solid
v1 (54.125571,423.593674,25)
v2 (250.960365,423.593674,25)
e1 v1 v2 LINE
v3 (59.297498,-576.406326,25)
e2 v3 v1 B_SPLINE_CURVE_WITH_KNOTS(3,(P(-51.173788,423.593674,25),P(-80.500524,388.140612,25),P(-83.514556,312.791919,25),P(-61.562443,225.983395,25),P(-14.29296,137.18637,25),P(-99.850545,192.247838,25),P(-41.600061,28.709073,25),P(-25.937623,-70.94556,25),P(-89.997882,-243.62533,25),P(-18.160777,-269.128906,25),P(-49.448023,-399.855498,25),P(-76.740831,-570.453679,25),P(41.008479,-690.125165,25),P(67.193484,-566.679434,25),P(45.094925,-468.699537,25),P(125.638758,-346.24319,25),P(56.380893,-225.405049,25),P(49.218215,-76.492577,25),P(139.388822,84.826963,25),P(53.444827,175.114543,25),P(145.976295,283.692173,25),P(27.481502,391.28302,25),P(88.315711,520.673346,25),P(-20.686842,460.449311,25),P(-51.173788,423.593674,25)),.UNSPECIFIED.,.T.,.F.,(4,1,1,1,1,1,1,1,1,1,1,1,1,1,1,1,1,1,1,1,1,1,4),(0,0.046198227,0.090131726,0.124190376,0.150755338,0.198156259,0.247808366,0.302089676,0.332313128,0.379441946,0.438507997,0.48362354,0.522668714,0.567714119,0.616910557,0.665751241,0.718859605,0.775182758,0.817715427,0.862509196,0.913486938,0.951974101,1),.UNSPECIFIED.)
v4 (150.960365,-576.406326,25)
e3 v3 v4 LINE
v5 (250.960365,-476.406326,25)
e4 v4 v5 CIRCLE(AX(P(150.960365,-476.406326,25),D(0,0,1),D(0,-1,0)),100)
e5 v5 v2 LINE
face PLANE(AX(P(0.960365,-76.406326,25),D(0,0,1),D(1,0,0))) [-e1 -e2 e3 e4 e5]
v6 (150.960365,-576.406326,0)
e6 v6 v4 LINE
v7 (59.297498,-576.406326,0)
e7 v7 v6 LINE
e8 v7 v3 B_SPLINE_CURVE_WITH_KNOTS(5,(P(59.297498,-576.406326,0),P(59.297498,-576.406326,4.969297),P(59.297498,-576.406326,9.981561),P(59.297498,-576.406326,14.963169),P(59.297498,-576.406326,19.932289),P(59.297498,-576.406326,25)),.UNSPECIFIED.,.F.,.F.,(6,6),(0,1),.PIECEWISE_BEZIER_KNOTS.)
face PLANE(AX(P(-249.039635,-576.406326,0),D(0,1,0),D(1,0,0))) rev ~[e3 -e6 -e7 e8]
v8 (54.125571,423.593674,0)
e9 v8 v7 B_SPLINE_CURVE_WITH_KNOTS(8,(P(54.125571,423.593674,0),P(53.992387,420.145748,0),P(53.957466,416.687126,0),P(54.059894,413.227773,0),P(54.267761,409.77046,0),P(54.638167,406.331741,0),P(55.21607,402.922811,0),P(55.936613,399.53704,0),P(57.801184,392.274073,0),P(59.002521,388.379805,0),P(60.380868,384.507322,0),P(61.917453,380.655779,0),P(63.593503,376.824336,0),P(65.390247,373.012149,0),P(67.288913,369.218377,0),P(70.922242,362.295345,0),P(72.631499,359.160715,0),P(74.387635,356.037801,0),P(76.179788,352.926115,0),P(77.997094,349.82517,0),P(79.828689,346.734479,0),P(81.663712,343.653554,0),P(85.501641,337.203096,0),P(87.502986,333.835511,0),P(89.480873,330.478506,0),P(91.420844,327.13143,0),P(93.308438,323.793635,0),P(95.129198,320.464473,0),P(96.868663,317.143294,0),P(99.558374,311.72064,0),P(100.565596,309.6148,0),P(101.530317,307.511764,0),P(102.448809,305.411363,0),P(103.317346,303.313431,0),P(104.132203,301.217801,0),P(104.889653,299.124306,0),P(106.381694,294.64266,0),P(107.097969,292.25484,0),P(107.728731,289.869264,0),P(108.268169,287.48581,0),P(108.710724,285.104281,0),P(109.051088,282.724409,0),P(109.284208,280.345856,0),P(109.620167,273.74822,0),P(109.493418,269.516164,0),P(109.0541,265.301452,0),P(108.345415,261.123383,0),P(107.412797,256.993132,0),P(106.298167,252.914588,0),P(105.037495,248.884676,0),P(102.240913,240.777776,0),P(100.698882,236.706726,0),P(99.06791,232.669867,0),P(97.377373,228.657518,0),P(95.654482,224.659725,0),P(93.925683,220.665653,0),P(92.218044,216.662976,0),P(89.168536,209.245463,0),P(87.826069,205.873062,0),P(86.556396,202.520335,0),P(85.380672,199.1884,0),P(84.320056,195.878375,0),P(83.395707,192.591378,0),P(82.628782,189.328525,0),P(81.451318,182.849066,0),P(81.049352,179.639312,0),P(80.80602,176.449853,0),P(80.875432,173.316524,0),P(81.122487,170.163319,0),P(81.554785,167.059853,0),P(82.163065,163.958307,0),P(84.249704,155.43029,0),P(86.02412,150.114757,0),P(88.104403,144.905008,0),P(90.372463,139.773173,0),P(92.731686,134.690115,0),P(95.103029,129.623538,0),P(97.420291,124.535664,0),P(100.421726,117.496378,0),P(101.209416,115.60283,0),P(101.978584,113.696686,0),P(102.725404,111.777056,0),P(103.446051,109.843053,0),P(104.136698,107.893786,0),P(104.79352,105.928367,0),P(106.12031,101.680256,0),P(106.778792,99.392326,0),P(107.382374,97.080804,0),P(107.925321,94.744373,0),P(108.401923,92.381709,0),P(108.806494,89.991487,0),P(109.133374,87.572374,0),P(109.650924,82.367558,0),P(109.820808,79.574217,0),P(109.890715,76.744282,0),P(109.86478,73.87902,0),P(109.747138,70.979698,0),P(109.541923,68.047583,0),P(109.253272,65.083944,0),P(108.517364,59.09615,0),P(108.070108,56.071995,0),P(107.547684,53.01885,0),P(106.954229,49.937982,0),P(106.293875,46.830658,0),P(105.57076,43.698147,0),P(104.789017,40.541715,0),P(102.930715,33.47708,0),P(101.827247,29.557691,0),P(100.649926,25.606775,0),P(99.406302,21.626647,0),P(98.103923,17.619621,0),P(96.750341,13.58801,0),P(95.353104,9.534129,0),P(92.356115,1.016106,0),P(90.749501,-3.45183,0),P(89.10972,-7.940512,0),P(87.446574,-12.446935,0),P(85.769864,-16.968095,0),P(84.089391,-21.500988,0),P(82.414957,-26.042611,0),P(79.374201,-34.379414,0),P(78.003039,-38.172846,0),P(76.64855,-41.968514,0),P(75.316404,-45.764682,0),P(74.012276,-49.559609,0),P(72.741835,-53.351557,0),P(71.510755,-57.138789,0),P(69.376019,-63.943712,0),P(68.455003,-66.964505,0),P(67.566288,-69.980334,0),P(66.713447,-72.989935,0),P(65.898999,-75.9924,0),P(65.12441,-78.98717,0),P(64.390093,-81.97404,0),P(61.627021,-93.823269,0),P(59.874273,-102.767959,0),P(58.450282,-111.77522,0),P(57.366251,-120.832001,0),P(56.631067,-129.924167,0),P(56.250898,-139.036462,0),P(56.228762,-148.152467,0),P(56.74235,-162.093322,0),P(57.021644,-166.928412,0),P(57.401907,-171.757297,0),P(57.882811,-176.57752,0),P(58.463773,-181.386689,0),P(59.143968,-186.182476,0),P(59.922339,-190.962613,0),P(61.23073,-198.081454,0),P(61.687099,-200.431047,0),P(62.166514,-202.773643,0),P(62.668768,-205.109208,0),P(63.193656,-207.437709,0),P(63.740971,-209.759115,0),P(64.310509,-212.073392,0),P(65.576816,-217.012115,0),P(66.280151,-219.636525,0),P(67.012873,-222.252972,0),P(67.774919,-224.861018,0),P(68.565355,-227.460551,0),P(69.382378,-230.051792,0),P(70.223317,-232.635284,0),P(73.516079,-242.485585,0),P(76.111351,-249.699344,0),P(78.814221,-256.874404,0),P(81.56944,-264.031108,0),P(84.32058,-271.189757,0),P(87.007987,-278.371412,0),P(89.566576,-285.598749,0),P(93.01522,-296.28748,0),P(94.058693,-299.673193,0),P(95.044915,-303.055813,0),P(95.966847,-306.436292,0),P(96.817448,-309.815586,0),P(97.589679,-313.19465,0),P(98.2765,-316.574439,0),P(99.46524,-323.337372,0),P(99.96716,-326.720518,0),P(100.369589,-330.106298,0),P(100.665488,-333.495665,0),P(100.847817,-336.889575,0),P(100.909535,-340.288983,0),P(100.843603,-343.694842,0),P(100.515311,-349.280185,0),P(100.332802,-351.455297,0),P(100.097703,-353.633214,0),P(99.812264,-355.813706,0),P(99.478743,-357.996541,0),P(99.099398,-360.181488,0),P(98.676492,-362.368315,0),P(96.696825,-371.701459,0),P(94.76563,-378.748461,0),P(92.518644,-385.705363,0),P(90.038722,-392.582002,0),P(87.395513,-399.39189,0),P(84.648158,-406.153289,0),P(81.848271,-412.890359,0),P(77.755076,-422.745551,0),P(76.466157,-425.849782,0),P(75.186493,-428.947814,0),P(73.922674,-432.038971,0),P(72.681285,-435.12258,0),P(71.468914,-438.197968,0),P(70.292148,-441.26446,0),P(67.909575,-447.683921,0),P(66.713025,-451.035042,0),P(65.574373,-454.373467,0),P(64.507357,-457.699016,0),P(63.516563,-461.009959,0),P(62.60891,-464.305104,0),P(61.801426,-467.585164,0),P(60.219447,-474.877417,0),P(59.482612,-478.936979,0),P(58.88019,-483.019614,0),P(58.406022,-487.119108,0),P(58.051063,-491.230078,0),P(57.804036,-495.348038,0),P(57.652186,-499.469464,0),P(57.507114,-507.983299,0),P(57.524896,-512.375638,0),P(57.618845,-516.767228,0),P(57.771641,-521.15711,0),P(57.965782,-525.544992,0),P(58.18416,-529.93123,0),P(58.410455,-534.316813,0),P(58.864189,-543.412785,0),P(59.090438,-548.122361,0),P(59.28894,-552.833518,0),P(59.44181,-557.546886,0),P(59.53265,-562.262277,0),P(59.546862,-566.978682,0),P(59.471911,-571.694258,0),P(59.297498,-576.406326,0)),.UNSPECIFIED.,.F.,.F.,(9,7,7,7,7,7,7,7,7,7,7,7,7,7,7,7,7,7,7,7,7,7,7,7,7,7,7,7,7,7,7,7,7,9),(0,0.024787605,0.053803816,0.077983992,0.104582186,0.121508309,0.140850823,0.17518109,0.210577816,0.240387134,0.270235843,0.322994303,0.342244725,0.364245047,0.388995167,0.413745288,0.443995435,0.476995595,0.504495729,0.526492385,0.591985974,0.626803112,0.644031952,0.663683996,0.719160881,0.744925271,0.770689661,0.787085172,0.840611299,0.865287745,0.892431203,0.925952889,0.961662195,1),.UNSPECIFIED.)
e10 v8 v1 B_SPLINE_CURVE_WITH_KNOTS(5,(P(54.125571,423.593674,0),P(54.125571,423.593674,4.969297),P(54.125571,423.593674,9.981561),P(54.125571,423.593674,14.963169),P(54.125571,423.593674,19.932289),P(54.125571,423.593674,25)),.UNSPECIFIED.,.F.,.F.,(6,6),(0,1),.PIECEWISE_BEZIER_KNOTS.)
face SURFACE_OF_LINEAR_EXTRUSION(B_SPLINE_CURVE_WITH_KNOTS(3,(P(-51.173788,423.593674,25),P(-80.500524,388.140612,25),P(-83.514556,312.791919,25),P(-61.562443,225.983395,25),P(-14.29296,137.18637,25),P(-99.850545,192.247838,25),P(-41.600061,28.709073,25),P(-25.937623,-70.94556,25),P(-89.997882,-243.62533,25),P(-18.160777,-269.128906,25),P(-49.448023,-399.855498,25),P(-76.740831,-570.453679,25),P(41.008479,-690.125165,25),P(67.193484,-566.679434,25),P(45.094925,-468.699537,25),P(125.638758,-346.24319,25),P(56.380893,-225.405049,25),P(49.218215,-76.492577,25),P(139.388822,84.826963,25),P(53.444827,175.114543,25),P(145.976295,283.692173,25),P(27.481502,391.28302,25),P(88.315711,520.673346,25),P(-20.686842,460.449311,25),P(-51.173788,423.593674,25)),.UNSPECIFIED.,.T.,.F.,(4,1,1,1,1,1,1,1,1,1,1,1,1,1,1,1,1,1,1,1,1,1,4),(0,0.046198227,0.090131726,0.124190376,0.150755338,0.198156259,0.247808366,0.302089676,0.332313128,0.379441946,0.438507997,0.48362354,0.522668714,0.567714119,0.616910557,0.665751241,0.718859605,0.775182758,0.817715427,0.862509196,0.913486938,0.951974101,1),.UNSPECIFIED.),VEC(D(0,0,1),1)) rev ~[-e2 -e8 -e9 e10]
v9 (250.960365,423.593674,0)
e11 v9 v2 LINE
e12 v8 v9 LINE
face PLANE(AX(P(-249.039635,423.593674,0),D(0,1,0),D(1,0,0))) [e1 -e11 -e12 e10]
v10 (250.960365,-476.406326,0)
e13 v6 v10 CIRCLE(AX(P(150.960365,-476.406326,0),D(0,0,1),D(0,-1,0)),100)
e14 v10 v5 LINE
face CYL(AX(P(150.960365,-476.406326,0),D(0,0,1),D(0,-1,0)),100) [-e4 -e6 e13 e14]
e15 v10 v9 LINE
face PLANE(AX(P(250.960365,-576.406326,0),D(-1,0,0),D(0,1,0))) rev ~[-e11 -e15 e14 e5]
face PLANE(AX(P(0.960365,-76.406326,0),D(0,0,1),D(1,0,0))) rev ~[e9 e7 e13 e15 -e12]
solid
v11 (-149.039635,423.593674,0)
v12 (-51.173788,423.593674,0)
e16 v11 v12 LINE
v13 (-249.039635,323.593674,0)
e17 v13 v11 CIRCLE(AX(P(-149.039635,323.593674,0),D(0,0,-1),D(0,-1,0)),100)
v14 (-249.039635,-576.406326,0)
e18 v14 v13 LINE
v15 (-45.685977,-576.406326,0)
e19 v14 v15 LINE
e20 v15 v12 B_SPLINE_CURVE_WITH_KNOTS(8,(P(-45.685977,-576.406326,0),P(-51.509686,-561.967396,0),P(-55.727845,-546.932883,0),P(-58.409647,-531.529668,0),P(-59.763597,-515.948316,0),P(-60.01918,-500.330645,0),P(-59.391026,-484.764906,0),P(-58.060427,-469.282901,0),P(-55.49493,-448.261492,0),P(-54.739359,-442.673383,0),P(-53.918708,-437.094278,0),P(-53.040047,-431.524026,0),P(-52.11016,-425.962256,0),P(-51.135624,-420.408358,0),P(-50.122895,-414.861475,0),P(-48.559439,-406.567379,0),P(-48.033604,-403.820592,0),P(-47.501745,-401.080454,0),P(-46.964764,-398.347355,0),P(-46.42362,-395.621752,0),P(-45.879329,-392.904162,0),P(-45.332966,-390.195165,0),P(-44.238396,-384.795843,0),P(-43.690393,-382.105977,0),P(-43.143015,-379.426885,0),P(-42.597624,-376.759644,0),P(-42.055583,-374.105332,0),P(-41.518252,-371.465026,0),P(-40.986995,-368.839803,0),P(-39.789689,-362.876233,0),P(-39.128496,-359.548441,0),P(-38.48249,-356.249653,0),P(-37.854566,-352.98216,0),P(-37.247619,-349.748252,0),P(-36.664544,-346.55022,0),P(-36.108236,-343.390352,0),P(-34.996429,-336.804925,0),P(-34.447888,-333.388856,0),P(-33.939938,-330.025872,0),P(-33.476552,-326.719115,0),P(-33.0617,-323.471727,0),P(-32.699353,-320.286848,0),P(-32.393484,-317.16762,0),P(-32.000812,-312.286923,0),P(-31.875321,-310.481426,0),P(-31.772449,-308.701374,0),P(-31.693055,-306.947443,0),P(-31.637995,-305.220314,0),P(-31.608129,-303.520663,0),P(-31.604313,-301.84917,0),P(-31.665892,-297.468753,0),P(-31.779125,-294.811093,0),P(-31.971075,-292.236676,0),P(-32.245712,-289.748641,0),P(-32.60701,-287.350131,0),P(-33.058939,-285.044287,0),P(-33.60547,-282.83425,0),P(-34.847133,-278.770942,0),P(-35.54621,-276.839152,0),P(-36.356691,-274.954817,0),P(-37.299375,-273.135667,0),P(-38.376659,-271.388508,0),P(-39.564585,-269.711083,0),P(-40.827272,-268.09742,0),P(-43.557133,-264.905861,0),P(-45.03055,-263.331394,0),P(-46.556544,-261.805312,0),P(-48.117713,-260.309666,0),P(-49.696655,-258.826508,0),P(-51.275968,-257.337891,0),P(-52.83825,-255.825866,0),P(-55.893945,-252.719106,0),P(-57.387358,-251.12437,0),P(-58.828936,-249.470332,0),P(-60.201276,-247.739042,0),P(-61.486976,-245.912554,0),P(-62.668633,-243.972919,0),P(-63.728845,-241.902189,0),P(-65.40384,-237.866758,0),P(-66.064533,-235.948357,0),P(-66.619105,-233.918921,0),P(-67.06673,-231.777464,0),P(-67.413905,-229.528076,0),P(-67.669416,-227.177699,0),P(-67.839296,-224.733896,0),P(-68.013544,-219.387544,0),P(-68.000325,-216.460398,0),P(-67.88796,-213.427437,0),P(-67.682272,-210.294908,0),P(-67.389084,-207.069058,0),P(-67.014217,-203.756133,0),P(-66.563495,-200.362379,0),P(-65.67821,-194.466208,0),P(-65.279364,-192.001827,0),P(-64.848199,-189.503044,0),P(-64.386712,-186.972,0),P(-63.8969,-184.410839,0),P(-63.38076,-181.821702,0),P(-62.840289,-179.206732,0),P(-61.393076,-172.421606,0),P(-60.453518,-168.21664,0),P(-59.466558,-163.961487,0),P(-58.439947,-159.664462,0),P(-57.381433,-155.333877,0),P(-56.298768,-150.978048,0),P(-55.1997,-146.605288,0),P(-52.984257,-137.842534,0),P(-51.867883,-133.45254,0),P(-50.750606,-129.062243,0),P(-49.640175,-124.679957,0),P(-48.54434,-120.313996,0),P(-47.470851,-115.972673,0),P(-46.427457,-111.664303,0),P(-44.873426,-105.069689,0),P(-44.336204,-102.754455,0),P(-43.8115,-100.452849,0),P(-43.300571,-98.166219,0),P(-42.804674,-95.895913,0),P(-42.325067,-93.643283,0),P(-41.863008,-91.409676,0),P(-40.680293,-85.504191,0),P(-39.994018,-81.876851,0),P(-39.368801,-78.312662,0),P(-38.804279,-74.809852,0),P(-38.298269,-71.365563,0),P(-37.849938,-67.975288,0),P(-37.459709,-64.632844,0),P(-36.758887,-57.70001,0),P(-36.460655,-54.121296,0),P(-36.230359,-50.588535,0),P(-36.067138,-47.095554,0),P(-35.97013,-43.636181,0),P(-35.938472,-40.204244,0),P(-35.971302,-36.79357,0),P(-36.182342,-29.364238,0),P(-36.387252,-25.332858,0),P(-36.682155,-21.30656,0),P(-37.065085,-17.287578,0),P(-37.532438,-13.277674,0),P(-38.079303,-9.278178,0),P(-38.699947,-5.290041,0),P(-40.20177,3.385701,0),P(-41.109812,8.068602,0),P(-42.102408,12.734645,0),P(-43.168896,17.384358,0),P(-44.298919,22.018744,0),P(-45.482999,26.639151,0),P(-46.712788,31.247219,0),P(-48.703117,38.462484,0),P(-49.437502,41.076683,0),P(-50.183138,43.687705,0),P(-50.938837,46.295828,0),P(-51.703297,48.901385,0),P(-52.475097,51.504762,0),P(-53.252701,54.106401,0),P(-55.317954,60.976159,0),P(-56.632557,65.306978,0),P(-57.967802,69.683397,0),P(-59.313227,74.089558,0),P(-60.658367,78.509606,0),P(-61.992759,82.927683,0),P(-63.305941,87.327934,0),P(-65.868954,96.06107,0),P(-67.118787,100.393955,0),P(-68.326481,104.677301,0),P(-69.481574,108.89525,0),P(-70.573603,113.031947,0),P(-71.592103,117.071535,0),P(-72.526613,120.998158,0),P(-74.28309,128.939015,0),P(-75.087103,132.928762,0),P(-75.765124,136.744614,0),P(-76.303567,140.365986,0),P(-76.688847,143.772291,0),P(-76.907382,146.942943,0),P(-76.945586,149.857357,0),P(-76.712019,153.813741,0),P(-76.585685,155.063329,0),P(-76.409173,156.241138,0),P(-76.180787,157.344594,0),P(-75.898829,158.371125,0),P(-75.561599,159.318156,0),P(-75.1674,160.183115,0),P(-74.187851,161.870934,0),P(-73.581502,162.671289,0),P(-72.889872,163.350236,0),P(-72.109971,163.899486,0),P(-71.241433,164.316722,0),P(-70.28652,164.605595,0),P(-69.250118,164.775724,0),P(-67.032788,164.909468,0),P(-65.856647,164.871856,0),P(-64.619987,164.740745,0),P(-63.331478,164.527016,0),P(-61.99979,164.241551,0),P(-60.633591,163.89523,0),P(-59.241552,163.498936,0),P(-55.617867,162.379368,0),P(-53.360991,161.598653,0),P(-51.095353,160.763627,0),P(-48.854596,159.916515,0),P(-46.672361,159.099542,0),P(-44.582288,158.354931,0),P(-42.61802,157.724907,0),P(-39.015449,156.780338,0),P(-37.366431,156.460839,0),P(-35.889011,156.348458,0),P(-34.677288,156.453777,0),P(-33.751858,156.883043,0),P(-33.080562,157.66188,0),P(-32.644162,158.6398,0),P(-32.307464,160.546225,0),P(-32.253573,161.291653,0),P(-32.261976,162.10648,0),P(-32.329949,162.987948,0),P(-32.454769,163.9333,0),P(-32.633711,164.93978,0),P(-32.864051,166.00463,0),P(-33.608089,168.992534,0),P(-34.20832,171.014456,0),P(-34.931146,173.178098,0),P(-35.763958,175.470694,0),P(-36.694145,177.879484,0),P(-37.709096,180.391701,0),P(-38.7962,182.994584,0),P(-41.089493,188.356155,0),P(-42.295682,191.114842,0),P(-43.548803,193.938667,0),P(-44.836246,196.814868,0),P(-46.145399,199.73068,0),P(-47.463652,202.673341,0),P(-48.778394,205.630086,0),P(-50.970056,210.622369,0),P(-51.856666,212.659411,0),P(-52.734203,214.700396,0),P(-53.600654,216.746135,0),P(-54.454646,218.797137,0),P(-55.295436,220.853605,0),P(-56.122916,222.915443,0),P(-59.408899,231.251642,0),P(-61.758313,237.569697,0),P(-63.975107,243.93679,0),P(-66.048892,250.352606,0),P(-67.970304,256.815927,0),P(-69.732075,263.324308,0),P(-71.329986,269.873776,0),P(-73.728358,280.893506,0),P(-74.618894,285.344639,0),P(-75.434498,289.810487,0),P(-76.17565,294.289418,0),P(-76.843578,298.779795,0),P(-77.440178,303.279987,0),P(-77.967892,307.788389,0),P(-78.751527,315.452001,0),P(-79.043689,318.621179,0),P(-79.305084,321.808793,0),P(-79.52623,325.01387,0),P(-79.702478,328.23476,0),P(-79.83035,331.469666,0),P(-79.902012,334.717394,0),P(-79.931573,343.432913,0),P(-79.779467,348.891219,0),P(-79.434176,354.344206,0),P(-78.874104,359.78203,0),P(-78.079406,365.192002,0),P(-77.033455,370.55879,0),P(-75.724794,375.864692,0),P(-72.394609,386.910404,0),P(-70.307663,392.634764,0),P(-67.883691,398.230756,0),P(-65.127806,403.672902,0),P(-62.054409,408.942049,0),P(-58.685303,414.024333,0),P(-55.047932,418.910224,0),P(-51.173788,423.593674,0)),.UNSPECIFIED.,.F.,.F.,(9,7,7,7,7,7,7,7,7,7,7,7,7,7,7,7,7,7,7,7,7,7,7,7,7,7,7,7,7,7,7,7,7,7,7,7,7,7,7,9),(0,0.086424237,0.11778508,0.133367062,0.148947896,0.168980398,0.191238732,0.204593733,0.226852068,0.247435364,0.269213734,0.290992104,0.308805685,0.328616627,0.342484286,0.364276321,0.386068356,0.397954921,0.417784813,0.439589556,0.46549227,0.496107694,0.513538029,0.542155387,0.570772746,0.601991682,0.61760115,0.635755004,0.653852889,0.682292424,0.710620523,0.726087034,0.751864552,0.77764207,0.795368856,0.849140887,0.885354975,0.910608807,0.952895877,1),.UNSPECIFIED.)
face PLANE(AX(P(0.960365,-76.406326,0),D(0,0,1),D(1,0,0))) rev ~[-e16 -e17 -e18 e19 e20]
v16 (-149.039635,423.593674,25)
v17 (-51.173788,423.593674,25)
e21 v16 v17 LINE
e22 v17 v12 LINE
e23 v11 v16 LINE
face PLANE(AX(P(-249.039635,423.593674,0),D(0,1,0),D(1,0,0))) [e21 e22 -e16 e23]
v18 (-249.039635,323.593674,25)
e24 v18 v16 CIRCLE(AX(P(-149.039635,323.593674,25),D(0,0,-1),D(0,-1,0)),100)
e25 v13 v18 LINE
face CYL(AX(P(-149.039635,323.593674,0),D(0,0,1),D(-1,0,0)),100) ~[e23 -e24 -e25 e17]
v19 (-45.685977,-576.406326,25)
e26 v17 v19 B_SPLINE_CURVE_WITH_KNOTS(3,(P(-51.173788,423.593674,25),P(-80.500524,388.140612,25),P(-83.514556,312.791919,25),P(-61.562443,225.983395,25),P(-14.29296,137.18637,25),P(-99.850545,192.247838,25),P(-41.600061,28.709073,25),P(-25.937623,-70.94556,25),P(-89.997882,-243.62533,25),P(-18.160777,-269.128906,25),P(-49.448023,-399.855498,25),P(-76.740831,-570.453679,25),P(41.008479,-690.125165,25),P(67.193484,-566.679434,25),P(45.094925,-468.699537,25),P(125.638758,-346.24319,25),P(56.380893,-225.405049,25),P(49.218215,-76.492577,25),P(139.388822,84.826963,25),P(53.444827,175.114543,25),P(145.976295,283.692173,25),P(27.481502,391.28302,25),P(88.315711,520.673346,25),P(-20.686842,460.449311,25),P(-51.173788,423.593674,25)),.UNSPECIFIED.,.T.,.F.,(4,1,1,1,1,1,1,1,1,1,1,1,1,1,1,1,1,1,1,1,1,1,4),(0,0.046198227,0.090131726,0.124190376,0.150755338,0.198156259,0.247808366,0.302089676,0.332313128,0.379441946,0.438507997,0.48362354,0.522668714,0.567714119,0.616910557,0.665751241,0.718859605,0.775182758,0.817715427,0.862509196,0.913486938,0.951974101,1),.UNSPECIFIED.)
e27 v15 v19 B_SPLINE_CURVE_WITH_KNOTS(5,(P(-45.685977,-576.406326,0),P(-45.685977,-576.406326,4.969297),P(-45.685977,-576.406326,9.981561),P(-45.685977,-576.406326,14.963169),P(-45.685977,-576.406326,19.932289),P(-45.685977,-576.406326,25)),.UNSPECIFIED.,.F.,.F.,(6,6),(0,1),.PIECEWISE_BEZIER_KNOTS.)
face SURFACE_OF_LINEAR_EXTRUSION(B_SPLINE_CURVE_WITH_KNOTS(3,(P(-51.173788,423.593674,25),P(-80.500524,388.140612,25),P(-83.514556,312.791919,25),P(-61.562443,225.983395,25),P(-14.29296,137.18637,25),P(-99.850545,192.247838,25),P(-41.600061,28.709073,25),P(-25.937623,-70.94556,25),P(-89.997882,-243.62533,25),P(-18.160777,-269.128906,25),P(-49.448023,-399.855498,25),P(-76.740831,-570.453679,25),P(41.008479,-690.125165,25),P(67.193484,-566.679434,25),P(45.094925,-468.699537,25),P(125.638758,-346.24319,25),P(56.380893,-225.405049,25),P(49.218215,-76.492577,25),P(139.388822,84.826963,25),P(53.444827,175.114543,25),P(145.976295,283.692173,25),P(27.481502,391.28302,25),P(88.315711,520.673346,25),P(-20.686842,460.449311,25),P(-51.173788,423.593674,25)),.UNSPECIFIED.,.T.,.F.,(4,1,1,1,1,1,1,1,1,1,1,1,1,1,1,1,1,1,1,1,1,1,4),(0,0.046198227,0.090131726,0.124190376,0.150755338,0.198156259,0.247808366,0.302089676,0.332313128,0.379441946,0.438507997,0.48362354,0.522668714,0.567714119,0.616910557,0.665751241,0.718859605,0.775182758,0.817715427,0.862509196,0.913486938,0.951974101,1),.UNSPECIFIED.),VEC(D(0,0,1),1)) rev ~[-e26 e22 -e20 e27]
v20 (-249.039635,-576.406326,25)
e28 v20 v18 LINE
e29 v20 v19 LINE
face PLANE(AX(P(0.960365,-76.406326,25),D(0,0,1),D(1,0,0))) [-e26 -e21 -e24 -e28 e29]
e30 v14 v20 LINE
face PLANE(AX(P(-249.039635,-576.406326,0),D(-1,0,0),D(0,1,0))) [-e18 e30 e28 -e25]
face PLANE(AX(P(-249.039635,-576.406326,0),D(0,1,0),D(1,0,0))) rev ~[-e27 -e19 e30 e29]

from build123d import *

# Parameters (mm, degrees)
F0_W     = 500
F0_H     = 1000
F1_DEPTH = 25
F3_DEPTH = 99
F4_R     = 100


with BuildPart() as f1:
    # F0 (on Top) → F1 (new body)
    with BuildSketch(Plane.XY):
        with Locations((0.9603649378, -76.4063263884)):
            Rectangle(F0_W, F0_H)
    extrude(amount=F1_DEPTH)

    # F2 (on face) → F3 (cut)
    with BuildSketch(Plane.XY.offset(25)):
        with BuildLine():
            add(Edge.make_bspline(
                [(-51.173787564, 423.5936736116), (-80.5005236088, 388.1406122859), (-83.5145564382, 312.7919192178), (-61.5624434267, 225.9833945323), (-14.2929601622, 137.1863701204), (-99.8505453147, 192.2478375482), (-41.6000611705, 28.7090729978), (-25.9376231385, -70.9455595395), (-89.9978816849, -243.6253300671), (-18.1607772932, -269.1289056067), (-49.4480231275, -399.8554978426), (-76.7408306681, -570.453679), (41.008478918, -690.1251646397), (67.1934835526, -566.6794338544), (45.0949246538, -468.6995369717), (125.6387581741, -346.2431901881), (56.3808933749, -225.4050491052), (49.2182151148, -76.4925766249), (139.3888222687, 84.8269632912), (53.4448268771, 175.1145434381), (145.976295163, 283.6921734118), (27.4815016079, 391.283020415), (88.3157112942, 520.6733456892), (-20.68684172, 460.4493113816), (-51.173787564, 423.5936736116)],
                knots=[0, 0, 0, 0, 0.0461982273, 0.0901317264, 0.1241903759, 0.1507553377, 0.1981562591, 0.2478083658, 0.3020896759, 0.3323131277, 0.3794419456, 0.4385079972, 0.4836235398, 0.5226687137, 0.5677141191, 0.616910557, 0.6657512414, 0.7188596046, 0.7751827584, 0.8177154273, 0.8625091957, 0.9134869378, 0.9519741013, 1, 1, 1, 1], degree=3))
        make_face()
    extrude(amount=-F3_DEPTH, mode=Mode.SUBTRACT)

    # F4
    f4_edges = [f1.edges().sort_by_distance(p)[0] for p in [
        (250.960365, -576.406326, 12.5),
        (-249.039635, 423.593674, 12.5),
    ]]
    fillet(f4_edges, radius=F4_R)


solid = f1.part
